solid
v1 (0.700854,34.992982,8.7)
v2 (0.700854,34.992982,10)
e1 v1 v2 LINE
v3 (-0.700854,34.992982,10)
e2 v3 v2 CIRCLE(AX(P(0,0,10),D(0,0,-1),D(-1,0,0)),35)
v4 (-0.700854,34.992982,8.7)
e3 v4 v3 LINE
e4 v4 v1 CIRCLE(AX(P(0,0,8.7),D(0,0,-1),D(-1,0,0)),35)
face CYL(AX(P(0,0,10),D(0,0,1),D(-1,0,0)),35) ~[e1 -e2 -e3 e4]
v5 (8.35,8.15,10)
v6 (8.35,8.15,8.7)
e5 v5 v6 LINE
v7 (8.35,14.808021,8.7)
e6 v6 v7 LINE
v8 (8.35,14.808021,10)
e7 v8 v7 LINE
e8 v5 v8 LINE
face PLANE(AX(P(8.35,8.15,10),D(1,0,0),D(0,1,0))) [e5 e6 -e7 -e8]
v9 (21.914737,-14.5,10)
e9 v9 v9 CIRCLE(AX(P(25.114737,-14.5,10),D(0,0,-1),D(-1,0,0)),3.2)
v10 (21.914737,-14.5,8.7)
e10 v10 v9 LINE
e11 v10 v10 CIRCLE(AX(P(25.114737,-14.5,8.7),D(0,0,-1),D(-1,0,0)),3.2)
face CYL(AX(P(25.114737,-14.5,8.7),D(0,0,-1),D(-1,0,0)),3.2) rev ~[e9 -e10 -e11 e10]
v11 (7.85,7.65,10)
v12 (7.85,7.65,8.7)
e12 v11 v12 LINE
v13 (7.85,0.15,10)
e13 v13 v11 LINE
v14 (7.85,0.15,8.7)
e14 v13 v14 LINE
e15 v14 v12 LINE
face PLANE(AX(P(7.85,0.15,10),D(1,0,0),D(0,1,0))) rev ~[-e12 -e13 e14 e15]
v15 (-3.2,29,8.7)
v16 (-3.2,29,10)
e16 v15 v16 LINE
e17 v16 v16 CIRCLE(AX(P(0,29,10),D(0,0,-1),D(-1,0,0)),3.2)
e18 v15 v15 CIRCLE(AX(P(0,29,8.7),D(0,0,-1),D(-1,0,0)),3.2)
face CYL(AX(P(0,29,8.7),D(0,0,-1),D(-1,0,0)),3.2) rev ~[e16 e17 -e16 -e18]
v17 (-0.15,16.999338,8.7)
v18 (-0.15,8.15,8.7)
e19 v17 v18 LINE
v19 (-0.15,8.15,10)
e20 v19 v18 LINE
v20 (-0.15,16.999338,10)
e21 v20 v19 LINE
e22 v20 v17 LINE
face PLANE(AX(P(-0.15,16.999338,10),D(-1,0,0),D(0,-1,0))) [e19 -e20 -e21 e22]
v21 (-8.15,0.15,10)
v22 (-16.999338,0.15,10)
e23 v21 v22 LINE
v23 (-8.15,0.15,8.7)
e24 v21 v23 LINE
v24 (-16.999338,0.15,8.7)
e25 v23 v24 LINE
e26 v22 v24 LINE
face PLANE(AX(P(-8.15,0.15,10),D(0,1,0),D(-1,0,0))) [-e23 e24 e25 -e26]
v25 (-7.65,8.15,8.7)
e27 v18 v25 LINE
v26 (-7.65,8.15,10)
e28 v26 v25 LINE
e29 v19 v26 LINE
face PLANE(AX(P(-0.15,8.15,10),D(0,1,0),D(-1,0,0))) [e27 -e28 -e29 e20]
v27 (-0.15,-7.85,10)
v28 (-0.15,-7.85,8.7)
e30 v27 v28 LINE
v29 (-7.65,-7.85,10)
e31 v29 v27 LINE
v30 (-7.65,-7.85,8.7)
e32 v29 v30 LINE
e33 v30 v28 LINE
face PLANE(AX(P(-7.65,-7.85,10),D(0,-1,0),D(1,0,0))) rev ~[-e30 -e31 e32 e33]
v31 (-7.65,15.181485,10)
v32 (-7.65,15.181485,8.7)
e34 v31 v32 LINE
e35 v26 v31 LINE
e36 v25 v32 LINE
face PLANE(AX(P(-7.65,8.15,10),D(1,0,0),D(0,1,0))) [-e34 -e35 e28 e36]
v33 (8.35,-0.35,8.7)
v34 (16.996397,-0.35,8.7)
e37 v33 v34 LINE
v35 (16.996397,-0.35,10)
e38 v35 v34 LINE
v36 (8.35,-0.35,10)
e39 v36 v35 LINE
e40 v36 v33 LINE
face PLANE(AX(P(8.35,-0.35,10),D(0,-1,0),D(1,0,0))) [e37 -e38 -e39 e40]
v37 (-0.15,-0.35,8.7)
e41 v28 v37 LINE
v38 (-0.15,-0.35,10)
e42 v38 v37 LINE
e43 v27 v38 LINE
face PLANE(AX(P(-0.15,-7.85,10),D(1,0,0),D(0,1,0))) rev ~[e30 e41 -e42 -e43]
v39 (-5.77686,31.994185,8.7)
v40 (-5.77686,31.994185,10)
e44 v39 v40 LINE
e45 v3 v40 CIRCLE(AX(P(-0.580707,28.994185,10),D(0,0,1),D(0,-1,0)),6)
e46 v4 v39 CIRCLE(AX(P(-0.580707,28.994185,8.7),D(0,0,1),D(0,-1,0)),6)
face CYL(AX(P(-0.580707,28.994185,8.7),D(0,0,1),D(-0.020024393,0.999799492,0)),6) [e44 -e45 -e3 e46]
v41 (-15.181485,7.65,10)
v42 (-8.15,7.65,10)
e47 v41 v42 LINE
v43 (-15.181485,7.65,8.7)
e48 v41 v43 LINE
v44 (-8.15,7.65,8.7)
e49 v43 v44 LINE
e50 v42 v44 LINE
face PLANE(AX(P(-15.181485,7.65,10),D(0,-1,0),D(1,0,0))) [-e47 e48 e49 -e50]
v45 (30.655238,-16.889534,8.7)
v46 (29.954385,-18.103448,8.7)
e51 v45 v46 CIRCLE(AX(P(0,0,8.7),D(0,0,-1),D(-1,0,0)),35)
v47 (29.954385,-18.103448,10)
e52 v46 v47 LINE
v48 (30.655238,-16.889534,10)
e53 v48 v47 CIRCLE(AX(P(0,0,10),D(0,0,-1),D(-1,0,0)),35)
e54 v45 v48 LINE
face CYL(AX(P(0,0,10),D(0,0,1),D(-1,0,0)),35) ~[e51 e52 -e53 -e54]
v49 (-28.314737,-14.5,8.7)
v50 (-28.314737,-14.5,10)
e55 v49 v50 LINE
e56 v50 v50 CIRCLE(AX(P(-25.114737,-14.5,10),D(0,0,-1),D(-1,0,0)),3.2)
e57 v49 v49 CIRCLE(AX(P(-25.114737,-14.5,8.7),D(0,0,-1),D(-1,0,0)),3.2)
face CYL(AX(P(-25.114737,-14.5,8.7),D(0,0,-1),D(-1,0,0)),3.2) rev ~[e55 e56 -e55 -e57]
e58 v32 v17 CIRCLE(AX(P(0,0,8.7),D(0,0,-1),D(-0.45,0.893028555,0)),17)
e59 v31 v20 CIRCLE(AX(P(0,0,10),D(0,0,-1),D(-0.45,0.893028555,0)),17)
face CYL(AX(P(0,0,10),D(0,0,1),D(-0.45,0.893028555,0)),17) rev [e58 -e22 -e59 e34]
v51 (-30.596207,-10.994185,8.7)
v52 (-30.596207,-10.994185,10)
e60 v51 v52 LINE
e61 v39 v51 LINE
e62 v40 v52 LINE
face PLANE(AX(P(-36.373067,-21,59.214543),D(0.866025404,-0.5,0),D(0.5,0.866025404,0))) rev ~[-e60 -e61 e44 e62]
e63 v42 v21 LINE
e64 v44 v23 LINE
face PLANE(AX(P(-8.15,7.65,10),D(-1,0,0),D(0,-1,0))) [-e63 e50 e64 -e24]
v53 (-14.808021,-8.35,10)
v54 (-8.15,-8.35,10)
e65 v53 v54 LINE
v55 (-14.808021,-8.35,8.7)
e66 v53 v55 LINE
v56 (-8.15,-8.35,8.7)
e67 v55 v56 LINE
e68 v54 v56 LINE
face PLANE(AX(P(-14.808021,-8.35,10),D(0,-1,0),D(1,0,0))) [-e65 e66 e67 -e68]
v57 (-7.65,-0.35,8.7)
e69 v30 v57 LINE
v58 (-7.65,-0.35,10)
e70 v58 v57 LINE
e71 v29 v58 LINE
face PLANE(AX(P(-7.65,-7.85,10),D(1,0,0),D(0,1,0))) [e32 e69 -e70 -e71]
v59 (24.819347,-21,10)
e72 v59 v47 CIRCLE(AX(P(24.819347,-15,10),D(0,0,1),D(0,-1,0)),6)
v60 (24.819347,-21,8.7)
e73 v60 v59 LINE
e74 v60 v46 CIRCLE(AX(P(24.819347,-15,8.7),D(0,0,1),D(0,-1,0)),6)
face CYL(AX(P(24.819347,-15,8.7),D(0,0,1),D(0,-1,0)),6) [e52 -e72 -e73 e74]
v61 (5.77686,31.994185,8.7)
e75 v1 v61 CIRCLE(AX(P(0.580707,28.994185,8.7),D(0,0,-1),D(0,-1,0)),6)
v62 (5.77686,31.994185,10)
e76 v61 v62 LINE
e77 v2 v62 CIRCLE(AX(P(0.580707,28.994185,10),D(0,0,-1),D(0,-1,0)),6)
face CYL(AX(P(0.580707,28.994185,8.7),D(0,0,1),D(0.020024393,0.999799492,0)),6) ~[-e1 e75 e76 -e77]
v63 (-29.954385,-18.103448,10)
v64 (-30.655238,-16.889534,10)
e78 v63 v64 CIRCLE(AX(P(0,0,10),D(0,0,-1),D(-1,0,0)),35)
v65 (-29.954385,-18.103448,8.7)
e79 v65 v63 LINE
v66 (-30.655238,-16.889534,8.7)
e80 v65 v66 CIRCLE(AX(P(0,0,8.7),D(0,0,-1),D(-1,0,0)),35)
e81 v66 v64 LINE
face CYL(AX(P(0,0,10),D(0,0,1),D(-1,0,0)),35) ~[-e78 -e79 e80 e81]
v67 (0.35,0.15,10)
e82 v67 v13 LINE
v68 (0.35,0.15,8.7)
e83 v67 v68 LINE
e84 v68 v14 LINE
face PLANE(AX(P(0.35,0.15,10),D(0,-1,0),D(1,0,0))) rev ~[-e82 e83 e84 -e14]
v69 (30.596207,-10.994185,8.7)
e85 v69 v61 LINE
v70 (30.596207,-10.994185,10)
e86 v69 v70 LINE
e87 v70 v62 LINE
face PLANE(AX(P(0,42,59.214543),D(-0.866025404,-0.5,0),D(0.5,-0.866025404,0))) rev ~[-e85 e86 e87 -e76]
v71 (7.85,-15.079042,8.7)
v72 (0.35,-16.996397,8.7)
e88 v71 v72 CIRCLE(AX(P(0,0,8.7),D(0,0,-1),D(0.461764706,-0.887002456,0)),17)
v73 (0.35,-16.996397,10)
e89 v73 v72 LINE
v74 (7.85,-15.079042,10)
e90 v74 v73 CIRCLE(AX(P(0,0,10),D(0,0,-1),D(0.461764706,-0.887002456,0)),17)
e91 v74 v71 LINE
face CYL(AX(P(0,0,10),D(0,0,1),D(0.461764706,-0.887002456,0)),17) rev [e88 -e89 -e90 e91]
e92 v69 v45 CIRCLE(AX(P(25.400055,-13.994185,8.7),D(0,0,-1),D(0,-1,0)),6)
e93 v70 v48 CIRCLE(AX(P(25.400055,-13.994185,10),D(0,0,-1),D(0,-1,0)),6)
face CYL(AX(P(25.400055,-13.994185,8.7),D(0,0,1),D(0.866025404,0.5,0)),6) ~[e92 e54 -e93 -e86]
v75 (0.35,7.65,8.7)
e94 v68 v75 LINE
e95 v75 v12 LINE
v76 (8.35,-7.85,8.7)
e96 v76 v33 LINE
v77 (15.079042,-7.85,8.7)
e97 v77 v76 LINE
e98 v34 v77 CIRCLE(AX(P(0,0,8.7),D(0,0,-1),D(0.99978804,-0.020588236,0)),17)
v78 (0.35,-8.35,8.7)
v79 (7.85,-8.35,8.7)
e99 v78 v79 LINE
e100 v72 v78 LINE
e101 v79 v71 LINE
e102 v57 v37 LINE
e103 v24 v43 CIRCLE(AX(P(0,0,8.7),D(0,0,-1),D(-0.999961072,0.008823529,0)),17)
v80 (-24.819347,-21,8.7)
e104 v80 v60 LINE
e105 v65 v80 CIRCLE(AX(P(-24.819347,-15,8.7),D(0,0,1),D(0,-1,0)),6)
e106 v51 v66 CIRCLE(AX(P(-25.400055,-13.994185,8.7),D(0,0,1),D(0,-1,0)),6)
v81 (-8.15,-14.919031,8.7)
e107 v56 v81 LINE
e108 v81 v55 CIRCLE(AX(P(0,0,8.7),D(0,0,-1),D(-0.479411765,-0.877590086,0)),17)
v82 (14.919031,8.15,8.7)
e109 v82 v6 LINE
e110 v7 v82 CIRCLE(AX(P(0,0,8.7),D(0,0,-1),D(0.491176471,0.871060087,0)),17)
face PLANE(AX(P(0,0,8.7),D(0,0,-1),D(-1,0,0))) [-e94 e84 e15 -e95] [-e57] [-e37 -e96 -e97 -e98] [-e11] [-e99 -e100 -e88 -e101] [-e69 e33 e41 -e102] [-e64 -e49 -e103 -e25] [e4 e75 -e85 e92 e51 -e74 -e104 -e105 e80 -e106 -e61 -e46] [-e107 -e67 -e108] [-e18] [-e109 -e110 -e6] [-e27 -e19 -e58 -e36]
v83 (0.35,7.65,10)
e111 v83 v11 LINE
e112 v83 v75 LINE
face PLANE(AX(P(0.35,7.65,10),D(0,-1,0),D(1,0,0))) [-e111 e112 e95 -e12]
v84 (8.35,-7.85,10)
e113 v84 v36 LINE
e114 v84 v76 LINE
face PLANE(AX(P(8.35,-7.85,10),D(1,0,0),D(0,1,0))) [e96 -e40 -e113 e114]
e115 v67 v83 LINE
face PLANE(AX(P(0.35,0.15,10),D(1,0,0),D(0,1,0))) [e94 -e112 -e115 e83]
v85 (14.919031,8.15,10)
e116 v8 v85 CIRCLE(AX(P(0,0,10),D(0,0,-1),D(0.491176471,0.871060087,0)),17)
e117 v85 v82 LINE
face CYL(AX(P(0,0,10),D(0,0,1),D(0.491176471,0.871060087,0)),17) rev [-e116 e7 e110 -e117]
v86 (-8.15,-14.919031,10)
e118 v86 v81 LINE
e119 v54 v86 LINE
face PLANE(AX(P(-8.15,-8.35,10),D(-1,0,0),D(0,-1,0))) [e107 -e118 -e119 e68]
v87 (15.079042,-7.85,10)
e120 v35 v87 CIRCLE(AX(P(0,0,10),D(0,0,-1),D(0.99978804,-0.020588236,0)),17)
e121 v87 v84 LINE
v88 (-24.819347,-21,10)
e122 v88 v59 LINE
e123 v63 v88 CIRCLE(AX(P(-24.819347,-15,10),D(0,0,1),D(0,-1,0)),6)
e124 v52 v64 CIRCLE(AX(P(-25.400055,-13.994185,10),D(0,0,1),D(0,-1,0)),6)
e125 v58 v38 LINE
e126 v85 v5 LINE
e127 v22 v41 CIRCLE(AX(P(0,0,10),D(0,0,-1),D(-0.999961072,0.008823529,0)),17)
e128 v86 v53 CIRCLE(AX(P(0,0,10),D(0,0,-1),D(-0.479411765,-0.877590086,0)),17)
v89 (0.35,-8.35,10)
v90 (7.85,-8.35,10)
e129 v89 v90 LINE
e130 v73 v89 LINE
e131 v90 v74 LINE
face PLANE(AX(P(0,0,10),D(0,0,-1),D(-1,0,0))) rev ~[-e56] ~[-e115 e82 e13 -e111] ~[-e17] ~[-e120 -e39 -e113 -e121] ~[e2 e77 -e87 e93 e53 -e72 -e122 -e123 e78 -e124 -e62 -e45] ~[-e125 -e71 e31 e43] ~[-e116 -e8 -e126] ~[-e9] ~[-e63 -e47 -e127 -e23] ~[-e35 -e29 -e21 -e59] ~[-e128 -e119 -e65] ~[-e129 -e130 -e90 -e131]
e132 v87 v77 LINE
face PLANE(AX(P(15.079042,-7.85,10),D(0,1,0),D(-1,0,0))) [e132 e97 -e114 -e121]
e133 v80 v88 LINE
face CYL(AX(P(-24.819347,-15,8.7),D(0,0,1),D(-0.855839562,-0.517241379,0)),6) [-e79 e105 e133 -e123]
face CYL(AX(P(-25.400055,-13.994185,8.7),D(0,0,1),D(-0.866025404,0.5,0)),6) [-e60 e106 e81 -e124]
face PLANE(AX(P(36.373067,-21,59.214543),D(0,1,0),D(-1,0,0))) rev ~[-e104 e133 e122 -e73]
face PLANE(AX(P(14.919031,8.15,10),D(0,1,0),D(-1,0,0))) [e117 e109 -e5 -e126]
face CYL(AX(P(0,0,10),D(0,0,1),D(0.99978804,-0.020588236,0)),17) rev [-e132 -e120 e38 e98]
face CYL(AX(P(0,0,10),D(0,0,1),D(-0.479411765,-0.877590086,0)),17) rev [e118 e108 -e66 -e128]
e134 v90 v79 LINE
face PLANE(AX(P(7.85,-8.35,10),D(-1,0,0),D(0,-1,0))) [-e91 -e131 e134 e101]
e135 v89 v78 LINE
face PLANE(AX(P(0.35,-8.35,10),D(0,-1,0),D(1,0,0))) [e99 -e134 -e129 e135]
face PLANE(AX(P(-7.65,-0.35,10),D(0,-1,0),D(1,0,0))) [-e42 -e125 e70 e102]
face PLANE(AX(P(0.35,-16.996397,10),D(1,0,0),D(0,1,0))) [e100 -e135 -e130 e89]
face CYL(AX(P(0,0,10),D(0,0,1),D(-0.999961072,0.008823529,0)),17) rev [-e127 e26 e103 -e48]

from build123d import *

# Parameters (mm, degrees)
SKETCH2_R               = 18
SKETCH2_W               = 7.5
SKETCH2_H               = 7.5
BOSS_EXTRUDE1_DEPTH     = 1.3
BOSS_EXTRUDE10_START    = 1.3
SKETCH18_W              = 7.7
SKETCH18_H              = 7.7
BOSS_EXTRUDE10_DEPTH    = 1.3
BOSS_EXTRUDE2_START     = -1.3
SKETCH3_R               = 35
SKETCH3_R_2             = 18
BOSS_EXTRUDE2_DEPTH     = 1.3
CUT_EXTRUDE1_DEPTH      = 50.514543318
CUT_EXTRUDE1_DEPTH_BACK = 50.514543318
SKETCH7_R               = 59.131365533
FILLET1_R               = 6
SKETCH4_R               = 3.2
CUT_EXTRUDE2_DEPTH      = 10


with BuildPart() as part:
    # Sketch2 → Boss-Extrude1 (new body)
    with BuildSketch(Plane.XY.offset(10)):
        Circle(SKETCH2_R)
        with BuildLine():
            Line((-8.15, -8.35), (-8.15, -14.91903147))
            ThreePointArc((-8.15, -14.91903147), (-11.939670478, -12.101415986), (-14.808021475, -8.35))
            Line((-14.808021475, -8.35), (-8.15, -8.35))
        make_face(mode=Mode.SUBTRACT)
        with BuildLine():
            Line((-8.15, -7.85), (-15.079041747, -7.85))
            ThreePointArc((-15.079041747, -7.85), (-16.470304718, -4.210589327), (-16.996396677, -0.35))
            Line((-16.996396677, -0.35), (-8.15, -0.35))
            Line((-8.15, -0.35), (-8.15, -7.85))
        make_face(mode=Mode.SUBTRACT)
        with BuildLine():
            Line((-8.15, 0.15), (-16.999338222, 0.15))
            ThreePointArc((-16.999338222, 0.15), (-16.521617742, 4.00451585), (-15.181485435, 7.65))
            Line((-15.181485435, 7.65), (-8.15, 7.65))
            Line((-8.15, 7.65), (-8.15, 0.15))
        make_face(mode=Mode.SUBTRACT)
        with BuildLine():
            Line((-8.15, 8.15), (-14.91903147, 8.15))
            ThreePointArc((-14.91903147, 8.15), (-12.02081528, 12.02081528), (-8.15, 14.91903147))
            Line((-8.15, 14.91903147), (-8.15, 8.15))
        make_face(mode=Mode.SUBTRACT)
        with BuildLine():
            Line((-7.65, 8.15), (-7.65, 15.181485435))
            ThreePointArc((-7.65, 15.181485435), (-4.00451585, 16.521617742), (-0.15, 16.999338222))
            Line((-0.15, 16.999338222), (-0.15, 8.15))
            Line((-0.15, 8.15), (-7.65, 8.15))
        make_face(mode=Mode.SUBTRACT)
        with BuildLine():
            Line((0.35, 8.15), (0.35, 16.996396677))
            ThreePointArc((0.35, 16.996396677), (4.210589327, 16.470304718), (7.85, 15.079041747))
            Line((7.85, 15.079041747), (7.85, 8.15))
            Line((7.85, 8.15), (0.35, 8.15))
        make_face(mode=Mode.SUBTRACT)
        with BuildLine():
            Line((8.35, 8.15), (8.35, 14.808021475))
            ThreePointArc((8.35, 14.808021475), (12.101415986, 11.939670478), (14.91903147, 8.15))
            Line((14.91903147, 8.15), (8.35, 8.15))
        make_face(mode=Mode.SUBTRACT)
        with BuildLine():
            Line((8.35, 7.65), (15.181485435, 7.65))
            ThreePointArc((15.181485435, 7.65), (16.521617742, 4.00451585), (16.999338222, 0.15))
            Line((16.999338222, 0.15), (8.35, 0.15))
            Line((8.35, 0.15), (8.35, 7.65))
        make_face(mode=Mode.SUBTRACT)
        with BuildLine():
            Line((8.35, -0.35), (16.996396677, -0.35))
            ThreePointArc((16.996396677, -0.35), (16.470304718, -4.210589327), (15.079041747, -7.85))
            Line((15.079041747, -7.85), (8.35, -7.85))
            Line((8.35, -7.85), (8.35, -0.35))
        make_face(mode=Mode.SUBTRACT)
        with BuildLine():
            Line((8.35, -8.35), (14.808021475, -8.35))
            ThreePointArc((14.808021475, -8.35), (12.02081528, -12.02081528), (8.35, -14.808021475))
            Line((8.35, -14.808021475), (8.35, -8.35))
        make_face(mode=Mode.SUBTRACT)
        with BuildLine():
            Line((7.85, -8.35), (7.85, -15.079041747))
            ThreePointArc((7.85, -15.079041747), (4.210589327, -16.470304718), (0.35, -16.996396677))
            Line((0.35, -16.996396677), (0.35, -8.35))
            Line((0.35, -8.35), (7.85, -8.35))
        make_face(mode=Mode.SUBTRACT)
        with BuildLine():
            Line((-0.15, -8.35), (-0.15, -16.999338222))
            ThreePointArc((-0.15, -16.999338222), (-4.00451585, -16.521617742), (-7.65, -15.181485435))
            Line((-7.65, -15.181485435), (-7.65, -8.35))
            Line((-7.65, -8.35), (-0.15, -8.35))
        make_face(mode=Mode.SUBTRACT)
        with Locations((-3.9, -4.1)):
            Rectangle(SKETCH2_W, SKETCH2_H, mode=Mode.SUBTRACT)
        with Locations((4.1, -4.1)):
            Rectangle(SKETCH2_W, SKETCH2_H, mode=Mode.SUBTRACT)
        with Locations((-3.9, 3.9)):
            Rectangle(SKETCH2_W, SKETCH2_H, mode=Mode.SUBTRACT)
        with Locations((4.1, 3.9)):
            Rectangle(SKETCH2_W, SKETCH2_H, mode=Mode.SUBTRACT)
    extrude(amount=-BOSS_EXTRUDE1_DEPTH)

    # Sketch18 → Boss-Extrude10 (add)
    with BuildSketch(Plane.XY.offset(8.7).offset(BOSS_EXTRUDE10_START)):
        with BuildLine():
            ThreePointArc((7.85, 15.079041747), (4.11362184, 16.494790552), (0.15, 16.999338222))
            Line((0.15, 16.999338222), (0.15, 8.15))
            Line((0.15, 8.15), (7.85, 8.15))
            Line((7.85, 8.15), (7.85, 15.079041747))
        make_face()
        with BuildLine():
            Line((8.15, 0.15), (16.999338222, 0.15))
            ThreePointArc((16.999338222, 0.15), (16.494790552, 4.11362184), (15.079041747, 7.85))
            Line((15.079041747, 7.85), (8.15, 7.85))
            Line((8.15, 7.85), (8.15, 0.15))
        make_face()
        with Locations((-4, 4)):
            Rectangle(SKETCH18_W, SKETCH18_H)
        with Locations((4, -4)):
            Rectangle(SKETCH18_W, SKETCH18_H)
        with BuildLine():
            Line((8.15, -8.15), (8.15, -14.91903147))
            ThreePointArc((8.15, -14.91903147), (12.02081528, -12.02081528), (14.91903147, -8.15))
            Line((14.91903147, -8.15), (8.15, -8.15))
        make_face()
        with BuildLine():
            Line((-7.85, -8.15), (-7.85, -15.079041747))
            ThreePointArc((-7.85, -15.079041747), (-4.11362184, -16.494790552), (-0.15, -16.999338222))
            Line((-0.15, -16.999338222), (-0.15, -8.15))
            Line((-0.15, -8.15), (-7.85, -8.15))
        make_face()
        with BuildLine():
            ThreePointArc((-16.999338222, -0.15), (-16.494790552, -4.11362184), (-15.079041747, -7.85))
            Line((-15.079041747, -7.85), (-8.15, -7.85))
            Line((-8.15, -7.85), (-8.15, -0.15))
            Line((-8.15, -0.15), (-16.999338222, -0.15))
        make_face()
        with BuildLine():
            ThreePointArc((-8.15, 14.91903147), (-12.02081528, 12.02081528), (-14.91903147, 8.15))
            Line((-14.91903147, 8.15), (-8.15, 8.15))
            Line((-8.15, 8.15), (-8.15, 14.91903147))
        make_face()
    extrude(amount=-BOSS_EXTRUDE10_DEPTH)

    # Sketch3 → Boss-Extrude2 (add)
    with BuildSketch(Plane(origin=(0, 0, 8.7), x_dir=(-1, 0, 0), z_dir=(0, 0, -1)).offset(BOSS_EXTRUDE2_START)):
        Circle(SKETCH3_R)
        Circle(SKETCH3_R_2, mode=Mode.SUBTRACT)
    extrude(amount=BOSS_EXTRUDE2_DEPTH)

    # Sketch7 → Cut-Extrude1 (cut, two sides: drawn at the far end of the back side and taken through both)
    with BuildSketch(Plane(origin=(0, 0, 8.7), x_dir=(-1, 0, 0), z_dir=(0, 0, -1)).offset(-CUT_EXTRUDE1_DEPTH_BACK)):
        Circle(SKETCH7_R)
        Polygon((0, 42), (-36.373066959, -21), (36.373066959, -21), align=None, mode=Mode.SUBTRACT)
    extrude(amount=CUT_EXTRUDE1_DEPTH + CUT_EXTRUDE1_DEPTH_BACK, mode=Mode.SUBTRACT)

    # Fillet1
    fillet1_edges = [part.edges().sort_by_distance(p)[0] for p in [
        (4.186533479, 34.748711306, 9.35),
        (32.186533479, -13.748711306, 9.35),
        (28, -21, 9.35),
        (-28, -21, 9.35),
        (-32.186533479, -13.748711306, 9.35),
        (-4.186533479, 34.748711306, 9.35),
    ]]
    fillet(fillet1_edges, radius=FILLET1_R)

    # Sketch4 → Cut-Extrude2 (cut)
    with BuildSketch(Plane(origin=(0, 0, 8.7), x_dir=(-1, 0, 0), z_dir=(0, 0, -1))):
        with Locations((0, 29)):
            Circle(SKETCH4_R)
        with Locations((25.11473671, -14.5)):
            Circle(SKETCH4_R)
        with Locations((-25.11473671, -14.5)):
            Circle(SKETCH4_R)
    extrude(amount=-CUT_EXTRUDE2_DEPTH, mode=Mode.SUBTRACT)


solid = part.part
